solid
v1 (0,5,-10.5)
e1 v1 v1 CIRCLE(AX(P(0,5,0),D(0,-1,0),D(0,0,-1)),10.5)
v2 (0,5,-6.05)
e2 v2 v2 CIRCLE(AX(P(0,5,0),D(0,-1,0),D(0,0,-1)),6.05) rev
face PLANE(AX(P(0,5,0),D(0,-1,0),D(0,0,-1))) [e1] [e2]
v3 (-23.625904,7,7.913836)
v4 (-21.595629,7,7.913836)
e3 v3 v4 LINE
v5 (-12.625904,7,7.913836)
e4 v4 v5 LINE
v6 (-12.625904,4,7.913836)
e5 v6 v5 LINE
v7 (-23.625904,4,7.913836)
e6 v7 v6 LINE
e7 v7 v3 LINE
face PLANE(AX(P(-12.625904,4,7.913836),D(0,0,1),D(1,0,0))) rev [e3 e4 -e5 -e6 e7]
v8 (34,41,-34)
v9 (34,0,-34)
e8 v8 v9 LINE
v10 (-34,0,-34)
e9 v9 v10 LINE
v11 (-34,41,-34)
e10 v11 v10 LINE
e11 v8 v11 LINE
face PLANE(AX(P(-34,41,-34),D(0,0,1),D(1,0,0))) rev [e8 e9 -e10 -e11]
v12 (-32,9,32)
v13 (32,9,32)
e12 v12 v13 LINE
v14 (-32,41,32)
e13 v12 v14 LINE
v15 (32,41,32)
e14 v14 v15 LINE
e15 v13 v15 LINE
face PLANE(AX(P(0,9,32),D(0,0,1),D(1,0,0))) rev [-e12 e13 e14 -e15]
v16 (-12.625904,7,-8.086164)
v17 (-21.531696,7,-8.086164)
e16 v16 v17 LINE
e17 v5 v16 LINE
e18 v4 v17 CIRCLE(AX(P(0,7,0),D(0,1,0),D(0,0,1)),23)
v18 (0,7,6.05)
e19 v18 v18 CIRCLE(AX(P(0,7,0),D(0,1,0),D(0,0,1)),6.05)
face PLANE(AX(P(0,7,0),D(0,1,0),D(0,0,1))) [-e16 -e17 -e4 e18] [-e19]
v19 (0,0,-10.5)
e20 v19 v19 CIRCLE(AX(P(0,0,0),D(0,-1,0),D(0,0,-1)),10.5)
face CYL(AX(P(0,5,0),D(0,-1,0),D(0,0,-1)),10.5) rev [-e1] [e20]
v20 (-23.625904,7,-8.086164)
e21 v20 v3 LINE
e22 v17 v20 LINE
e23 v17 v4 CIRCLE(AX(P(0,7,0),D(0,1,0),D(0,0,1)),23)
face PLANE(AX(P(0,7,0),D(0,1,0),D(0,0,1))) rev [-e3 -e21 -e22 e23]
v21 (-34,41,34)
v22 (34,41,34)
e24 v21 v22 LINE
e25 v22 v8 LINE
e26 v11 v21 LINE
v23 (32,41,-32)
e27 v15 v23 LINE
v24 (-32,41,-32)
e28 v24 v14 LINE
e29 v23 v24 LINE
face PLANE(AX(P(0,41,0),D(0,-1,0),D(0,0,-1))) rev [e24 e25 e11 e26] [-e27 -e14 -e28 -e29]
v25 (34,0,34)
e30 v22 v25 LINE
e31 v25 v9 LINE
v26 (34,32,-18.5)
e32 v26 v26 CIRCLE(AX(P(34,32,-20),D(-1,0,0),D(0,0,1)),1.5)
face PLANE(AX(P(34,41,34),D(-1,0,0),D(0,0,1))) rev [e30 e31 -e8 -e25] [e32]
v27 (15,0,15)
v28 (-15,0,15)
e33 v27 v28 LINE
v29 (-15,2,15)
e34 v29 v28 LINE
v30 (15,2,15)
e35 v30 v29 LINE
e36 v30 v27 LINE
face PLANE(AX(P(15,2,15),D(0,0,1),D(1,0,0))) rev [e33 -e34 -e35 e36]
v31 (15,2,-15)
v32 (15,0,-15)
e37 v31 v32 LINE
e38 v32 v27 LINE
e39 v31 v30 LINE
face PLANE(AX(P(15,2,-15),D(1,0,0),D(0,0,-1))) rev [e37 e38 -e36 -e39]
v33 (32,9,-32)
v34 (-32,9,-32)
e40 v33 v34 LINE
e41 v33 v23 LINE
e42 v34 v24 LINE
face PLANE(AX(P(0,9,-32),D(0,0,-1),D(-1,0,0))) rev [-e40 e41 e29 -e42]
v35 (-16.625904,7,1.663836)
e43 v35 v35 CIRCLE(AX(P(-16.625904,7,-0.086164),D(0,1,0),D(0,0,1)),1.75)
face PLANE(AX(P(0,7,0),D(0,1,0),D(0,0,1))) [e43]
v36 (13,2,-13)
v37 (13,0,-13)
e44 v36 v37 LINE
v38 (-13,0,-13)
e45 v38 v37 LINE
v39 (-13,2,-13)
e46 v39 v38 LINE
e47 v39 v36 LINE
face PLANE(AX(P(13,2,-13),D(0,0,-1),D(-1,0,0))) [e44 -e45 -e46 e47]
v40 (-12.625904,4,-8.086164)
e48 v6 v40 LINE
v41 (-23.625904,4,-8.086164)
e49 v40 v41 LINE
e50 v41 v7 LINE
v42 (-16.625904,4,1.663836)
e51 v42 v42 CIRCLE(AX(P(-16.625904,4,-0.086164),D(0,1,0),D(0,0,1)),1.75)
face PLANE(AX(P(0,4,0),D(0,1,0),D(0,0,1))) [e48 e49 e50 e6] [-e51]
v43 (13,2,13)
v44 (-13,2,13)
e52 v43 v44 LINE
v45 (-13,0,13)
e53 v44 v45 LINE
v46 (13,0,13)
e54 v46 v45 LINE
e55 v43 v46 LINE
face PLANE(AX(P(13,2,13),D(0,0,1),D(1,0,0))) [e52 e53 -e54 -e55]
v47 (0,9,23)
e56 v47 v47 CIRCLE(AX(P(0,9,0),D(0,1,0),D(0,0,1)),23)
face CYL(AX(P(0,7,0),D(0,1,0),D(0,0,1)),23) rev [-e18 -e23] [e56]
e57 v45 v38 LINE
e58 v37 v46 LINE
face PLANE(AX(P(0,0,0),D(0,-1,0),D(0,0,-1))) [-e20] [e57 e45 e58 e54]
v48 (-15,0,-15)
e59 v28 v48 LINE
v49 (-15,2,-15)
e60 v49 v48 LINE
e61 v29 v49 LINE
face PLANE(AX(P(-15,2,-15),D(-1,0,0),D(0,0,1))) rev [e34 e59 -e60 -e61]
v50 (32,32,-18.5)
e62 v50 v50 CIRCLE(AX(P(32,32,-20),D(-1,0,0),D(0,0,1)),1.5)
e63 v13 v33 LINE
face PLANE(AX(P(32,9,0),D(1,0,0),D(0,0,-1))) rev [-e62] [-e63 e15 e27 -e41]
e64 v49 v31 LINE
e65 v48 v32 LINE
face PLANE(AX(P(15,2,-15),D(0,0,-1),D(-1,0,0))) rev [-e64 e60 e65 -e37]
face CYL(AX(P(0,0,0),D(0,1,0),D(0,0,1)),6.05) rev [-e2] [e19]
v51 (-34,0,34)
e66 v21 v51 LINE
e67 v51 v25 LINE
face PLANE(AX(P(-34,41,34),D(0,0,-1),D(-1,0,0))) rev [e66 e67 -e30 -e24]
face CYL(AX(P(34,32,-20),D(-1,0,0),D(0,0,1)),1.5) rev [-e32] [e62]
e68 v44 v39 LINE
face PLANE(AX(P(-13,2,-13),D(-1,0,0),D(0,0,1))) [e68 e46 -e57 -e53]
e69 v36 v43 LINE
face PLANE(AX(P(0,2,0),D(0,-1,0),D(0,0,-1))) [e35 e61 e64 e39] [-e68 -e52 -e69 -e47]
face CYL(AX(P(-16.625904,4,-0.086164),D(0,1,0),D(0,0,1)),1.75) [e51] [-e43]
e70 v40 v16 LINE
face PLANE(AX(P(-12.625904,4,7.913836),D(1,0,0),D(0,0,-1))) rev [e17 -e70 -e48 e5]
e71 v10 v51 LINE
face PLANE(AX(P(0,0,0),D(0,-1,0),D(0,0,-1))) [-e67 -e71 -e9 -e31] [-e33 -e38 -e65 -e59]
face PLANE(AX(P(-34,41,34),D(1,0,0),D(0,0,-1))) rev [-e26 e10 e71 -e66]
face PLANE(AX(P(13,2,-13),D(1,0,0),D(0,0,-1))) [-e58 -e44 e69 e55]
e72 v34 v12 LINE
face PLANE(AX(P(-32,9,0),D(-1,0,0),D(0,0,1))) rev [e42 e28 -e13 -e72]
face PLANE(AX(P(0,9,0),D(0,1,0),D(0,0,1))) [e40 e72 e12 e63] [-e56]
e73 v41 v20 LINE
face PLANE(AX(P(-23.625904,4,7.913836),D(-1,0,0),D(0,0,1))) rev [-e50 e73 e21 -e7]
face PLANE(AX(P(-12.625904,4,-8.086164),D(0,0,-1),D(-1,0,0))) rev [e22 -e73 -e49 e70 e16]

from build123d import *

# Parameters (mm, degrees)
SKETCH1_W           = 68
SKETCH1_H           = 68
BOSS_EXTRUDE1_DEPTH = 41
CUT_EXTRUDE1_START  = 41
SKETCH2_W           = 64
SKETCH2_H           = 64
CUT_EXTRUDE1_DEPTH  = 32
CUT_EXTRUDE4_START  = 9
SKETCH3_R           = 23
CUT_EXTRUDE4_DEPTH  = 2
CUT_EXTRUDE9_START  = 7
SKETCH5_R           = 6.05
CUT_EXTRUDE9_DEPTH  = 8
SKETCH6_R           = 10.5
CUT_EXTRUDE10_DEPTH = 5
SKETCH7_W           = 30
SKETCH7_H           = 30
SKETCH7_W_2         = 26
SKETCH7_H_2         = 26
CUT_EXTRUDE11_DEPTH = 2
SKETCH8_R           = 1.5
CUT_EXTRUDE12_DEPTH = 3
SKETCH4_W           = 11
SKETCH4_H           = 16
SKETCH4_R           = 1.75
CUT_EXTRUDE13_DEPTH = 3


with BuildPart() as part:
    # Sketch1 → Boss-Extrude1 (new body)
    with BuildSketch(Plane(origin=(0, 0, 0), x_dir=(1, 0, 0), z_dir=(0, 1, 0))):
        Rectangle(SKETCH1_W, SKETCH1_H)
    extrude(amount=BOSS_EXTRUDE1_DEPTH)

    # Sketch2 → Cut-Extrude1 (cut)
    with BuildSketch(Plane(origin=(0, 0, 0), x_dir=(1, 0, 0), z_dir=(0, 1, 0)).offset(CUT_EXTRUDE1_START)):
        Rectangle(SKETCH2_W, SKETCH2_H)
    extrude(amount=-CUT_EXTRUDE1_DEPTH, mode=Mode.SUBTRACT)

    # Sketch3 → Cut-Extrude4 (cut)
    with BuildSketch(Plane(origin=(0, 0, 0), x_dir=(1, 0, 0), z_dir=(0, 1, 0)).offset(CUT_EXTRUDE4_START)):
        Circle(SKETCH3_R)
    extrude(amount=-CUT_EXTRUDE4_DEPTH, mode=Mode.SUBTRACT)

    # Sketch5 → Cut-Extrude9 (cut, through all)
    with BuildSketch(Plane(origin=(0, 0, 0), x_dir=(1, 0, 0), z_dir=(0, 1, 0)).offset(CUT_EXTRUDE9_START)):
        Circle(SKETCH5_R)
    extrude(amount=-CUT_EXTRUDE9_DEPTH, mode=Mode.SUBTRACT)

    # Sketch6 → Cut-Extrude10 (cut)
    with BuildSketch(Plane.XZ):
        Circle(SKETCH6_R)
    extrude(amount=-CUT_EXTRUDE10_DEPTH, mode=Mode.SUBTRACT)

    # Sketch7 → Cut-Extrude11 (cut)
    with BuildSketch(Plane(origin=(0, 0, 0), x_dir=(-1, 0, 0), z_dir=(0, -1, 0))):
        Rectangle(SKETCH7_W, SKETCH7_H)
        Rectangle(SKETCH7_W_2, SKETCH7_H_2, mode=Mode.SUBTRACT)
    extrude(amount=-CUT_EXTRUDE11_DEPTH, mode=Mode.SUBTRACT)

    # Sketch8 → Cut-Extrude12 (cut, through all)
    with BuildSketch(Plane.ZY.offset(-32)):
        with Locations((-20, 32)):
            Circle(SKETCH8_R)
    extrude(amount=-CUT_EXTRUDE12_DEPTH, mode=Mode.SUBTRACT)

    # Sketch4 → Cut-Extrude13 (cut)
    with BuildSketch(Plane(origin=(0, 7, 0), x_dir=(1, 0, 0), z_dir=(0, 1, 0))):
        with Locations((-18.125903529, 0.086164087)):
            Rectangle(SKETCH4_W, SKETCH4_H)
        with Locations((-16.625903529, 0.086164087)):
            Circle(SKETCH4_R, mode=Mode.SUBTRACT)
    extrude(amount=-CUT_EXTRUDE13_DEPTH, mode=Mode.SUBTRACT)


solid = part.part
